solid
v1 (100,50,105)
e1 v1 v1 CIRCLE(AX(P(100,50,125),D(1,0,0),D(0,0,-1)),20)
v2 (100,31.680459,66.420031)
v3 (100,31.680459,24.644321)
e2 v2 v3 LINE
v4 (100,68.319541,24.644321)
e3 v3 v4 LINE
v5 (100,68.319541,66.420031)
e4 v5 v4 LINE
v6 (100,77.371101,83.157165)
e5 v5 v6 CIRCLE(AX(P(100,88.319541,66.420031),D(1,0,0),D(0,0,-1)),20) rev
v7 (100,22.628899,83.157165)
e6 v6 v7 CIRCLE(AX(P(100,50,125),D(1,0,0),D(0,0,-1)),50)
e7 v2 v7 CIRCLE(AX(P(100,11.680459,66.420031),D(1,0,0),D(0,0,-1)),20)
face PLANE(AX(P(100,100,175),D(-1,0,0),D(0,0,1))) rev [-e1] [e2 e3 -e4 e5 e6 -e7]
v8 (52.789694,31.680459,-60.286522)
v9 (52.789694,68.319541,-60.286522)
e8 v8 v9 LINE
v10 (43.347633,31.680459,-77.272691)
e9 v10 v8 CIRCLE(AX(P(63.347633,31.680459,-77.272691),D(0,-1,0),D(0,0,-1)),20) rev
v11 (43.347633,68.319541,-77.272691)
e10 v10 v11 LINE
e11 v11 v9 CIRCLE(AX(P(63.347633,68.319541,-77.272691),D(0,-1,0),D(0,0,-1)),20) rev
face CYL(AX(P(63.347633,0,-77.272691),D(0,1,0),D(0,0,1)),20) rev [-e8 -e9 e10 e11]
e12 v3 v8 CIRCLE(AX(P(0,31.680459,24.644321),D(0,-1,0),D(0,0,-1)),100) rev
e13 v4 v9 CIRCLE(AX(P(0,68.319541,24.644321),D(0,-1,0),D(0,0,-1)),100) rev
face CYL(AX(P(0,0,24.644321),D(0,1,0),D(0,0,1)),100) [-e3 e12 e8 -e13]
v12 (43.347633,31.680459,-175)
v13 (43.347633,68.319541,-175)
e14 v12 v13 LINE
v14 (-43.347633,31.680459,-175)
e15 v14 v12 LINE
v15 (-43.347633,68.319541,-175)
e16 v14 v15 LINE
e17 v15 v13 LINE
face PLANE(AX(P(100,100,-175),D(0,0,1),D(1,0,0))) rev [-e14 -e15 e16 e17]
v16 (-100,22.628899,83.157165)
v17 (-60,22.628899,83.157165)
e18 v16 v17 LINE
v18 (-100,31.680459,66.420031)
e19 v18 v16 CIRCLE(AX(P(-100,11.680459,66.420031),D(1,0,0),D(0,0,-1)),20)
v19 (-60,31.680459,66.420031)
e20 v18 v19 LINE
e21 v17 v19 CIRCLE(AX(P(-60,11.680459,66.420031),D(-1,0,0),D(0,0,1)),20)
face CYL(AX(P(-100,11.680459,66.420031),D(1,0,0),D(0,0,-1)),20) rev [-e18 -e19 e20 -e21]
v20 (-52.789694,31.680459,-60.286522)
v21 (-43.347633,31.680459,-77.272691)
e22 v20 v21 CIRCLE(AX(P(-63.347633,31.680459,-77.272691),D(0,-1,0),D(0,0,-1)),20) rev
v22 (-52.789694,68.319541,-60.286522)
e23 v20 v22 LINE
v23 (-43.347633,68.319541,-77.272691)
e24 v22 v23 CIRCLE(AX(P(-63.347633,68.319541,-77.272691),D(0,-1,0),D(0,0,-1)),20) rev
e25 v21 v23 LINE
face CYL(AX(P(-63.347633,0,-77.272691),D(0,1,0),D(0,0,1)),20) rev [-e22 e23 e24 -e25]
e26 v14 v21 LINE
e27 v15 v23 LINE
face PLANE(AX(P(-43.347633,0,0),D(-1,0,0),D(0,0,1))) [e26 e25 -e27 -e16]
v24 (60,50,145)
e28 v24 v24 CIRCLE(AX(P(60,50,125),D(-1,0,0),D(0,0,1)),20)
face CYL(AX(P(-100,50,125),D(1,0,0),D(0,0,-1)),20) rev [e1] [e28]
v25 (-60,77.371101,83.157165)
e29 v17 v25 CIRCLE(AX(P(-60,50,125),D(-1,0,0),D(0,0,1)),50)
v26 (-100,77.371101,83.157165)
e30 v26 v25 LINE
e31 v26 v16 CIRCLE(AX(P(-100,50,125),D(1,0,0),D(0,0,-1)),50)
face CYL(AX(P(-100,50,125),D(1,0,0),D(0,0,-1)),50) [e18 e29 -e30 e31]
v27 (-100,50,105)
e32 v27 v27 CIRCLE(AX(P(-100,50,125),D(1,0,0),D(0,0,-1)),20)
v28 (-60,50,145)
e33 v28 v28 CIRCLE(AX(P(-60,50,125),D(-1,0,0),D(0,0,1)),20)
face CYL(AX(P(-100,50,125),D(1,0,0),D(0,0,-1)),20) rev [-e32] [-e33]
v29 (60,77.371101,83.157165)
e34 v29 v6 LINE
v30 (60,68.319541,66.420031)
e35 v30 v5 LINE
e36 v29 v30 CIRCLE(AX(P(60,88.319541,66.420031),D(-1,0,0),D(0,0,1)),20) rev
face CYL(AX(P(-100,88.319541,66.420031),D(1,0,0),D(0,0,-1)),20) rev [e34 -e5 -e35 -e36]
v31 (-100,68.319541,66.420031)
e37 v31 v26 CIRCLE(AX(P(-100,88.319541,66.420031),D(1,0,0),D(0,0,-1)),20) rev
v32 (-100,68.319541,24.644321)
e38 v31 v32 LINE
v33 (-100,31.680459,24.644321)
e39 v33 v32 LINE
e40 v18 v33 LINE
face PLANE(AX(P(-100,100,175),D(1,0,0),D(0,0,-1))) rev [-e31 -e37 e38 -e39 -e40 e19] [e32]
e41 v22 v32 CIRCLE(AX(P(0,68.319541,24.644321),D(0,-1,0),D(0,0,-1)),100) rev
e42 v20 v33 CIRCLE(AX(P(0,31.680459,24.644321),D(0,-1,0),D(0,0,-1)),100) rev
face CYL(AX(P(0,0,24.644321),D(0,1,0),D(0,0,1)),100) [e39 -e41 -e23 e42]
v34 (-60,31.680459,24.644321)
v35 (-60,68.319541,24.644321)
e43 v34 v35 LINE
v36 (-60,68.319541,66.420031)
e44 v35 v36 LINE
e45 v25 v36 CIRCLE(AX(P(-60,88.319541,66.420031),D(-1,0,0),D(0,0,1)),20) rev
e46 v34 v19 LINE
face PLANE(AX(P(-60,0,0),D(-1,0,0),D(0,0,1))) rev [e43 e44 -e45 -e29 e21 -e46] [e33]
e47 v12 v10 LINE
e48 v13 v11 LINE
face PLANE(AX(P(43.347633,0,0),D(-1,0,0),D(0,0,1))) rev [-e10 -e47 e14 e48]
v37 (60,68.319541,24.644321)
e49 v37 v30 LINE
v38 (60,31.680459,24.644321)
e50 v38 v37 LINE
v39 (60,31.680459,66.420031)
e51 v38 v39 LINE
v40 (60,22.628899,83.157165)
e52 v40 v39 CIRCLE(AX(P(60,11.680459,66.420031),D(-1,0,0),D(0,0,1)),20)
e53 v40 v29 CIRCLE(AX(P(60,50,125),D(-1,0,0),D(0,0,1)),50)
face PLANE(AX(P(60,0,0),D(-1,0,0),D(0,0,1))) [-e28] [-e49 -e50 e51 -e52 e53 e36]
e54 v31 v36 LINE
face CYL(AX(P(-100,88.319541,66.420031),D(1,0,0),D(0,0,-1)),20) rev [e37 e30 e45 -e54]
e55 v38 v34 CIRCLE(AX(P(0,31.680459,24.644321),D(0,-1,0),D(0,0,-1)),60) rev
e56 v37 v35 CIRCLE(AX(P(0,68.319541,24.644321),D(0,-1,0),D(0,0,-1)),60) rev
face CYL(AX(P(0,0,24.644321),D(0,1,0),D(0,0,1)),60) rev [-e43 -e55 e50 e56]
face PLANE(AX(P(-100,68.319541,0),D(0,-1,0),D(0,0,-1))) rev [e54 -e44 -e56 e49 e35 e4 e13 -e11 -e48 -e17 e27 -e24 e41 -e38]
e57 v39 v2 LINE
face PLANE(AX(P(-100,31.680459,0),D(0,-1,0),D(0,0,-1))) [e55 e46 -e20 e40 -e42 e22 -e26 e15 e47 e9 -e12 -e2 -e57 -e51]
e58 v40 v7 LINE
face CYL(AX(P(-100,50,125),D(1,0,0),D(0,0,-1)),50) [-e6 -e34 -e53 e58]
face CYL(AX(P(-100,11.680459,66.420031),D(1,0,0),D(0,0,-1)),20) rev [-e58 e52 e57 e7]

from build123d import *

# Parameters (mm, degrees)
SKETCH2_W           = 200
SKETCH2_H           = 350
BOSS_EXTRUDE1_DEPTH = 100
CUT_EXTRUDE3_DEPTH  = 226
SKETCH5_W           = 97.727308895
SKETCH5_H           = 31.680459025
CUT_EXTRUDE4_DEPTH  = 284.94541729


with BuildPart() as part:
    # Sketch2 → Boss-Extrude1 (new body)
    with BuildSketch(Plane(origin=(0, 0, 0), x_dir=(1, 0, 0), z_dir=(0, 1, 0))):
        Rectangle(SKETCH2_W, SKETCH2_H)
    extrude(amount=BOSS_EXTRUDE1_DEPTH)

    # Sketch4 → Cut-Extrude3 (cut, through all)
    with BuildSketch(Plane(origin=(0, 100, 0), x_dir=(1, 0, 0), z_dir=(0, 1, 0))):
        with BuildLine():
            Line((100, 175), (43.347633031, 175))
            Line((43.347633031, 175), (43.347633031, 77.272691105))
            ThreePointArc((43.347633031, 77.272691105), (45.866803863, 67.555664213), (52.789694192, 60.286522394))
            ThreePointArc((52.789694192, 60.286522394), (87.404145859, 23.940813259), (100, -24.644321249))
            Line((100, -24.644321249), (100, 175))
        make_face()
        with BuildLine():
            Line((-43.347633031, 77.272691105), (-43.347633031, 175))
            Line((-43.347633031, 175), (-100, 175))
            Line((-100, 175), (-100, -24.644321206))
            ThreePointArc((-100, -24.644321206), (-87.404145849, 23.940813278), (-52.789694192, 60.286522394))
            ThreePointArc((-52.789694192, 60.286522394), (-45.866803863, 67.555664213), (-43.347633031, 77.272691105))
        make_face()
        with BuildLine():
            Line((60, -175), (60, -24.644321162))
            ThreePointArc((60, -24.644321162), (0, 35.355678838), (-60, -24.644321162))
            Line((-60, -24.644321162), (-60, -175))
            Line((-60, -175), (60, -175))
        make_face()
    extrude(amount=-CUT_EXTRUDE3_DEPTH, mode=Mode.SUBTRACT)

    # Sketch5 → Cut-Extrude4 (cut, through all)
    with BuildSketch(Plane(origin=(100, 0, 0), x_dir=(0, 0, -1), z_dir=(1, 0, 0))):
        with BuildLine():
            Line((-175, 100), (-175, 50))
            ThreePointArc((-175, 50), (-160.355339059, 85.355339059), (-125, 100))
            Line((-125, 100), (-175, 100))
        make_face()
        with BuildLine():
            ThreePointArc((-105, 50), (-125, 70), (-145, 50))
            Line((-145, 50), (-105, 50))
        make_face()
        with BuildLine():
            Line((-105, 50), (-145, 50))
            ThreePointArc((-145, 50), (-125, 30), (-105, 50))
        make_face()
        with BuildLine():
            ThreePointArc((-125, 0), (-160.355339059, 14.644660941), (-175, 50))
            Line((-175, 50), (-175, 0))
            Line((-175, 0), (-125, 0))
        make_face()
        with BuildLine():
            ThreePointArc((-83.15716493, 22.628899304), (-101.215078672, 6.019578022), (-125, 0))
            Line((-125, 0), (-24.644321162, 0))
            Line((-24.644321162, 0), (-24.644321162, 31.680459025))
            Line((-24.644321162, 31.680459025), (-66.420030902, 31.680459025))
            ThreePointArc((-66.420030902, 31.680459025), (-75.933999434, 29.272627817), (-83.15716493, 22.628899304))
        make_face()
        with BuildLine():
            Line((-124.644321162, 100), (-125, 100))
            ThreePointArc((-125, 100), (-101.215078672, 93.980421978), (-83.15716493, 77.371100696))
            ThreePointArc((-83.15716493, 77.371100696), (-75.933999434, 70.727372183), (-66.420030902, 68.319540975))
            Line((-66.420030902, 68.319540975), (-24.644321162, 68.319540975))
            Line((-24.644321162, 68.319540975), (-24.644321162, 100))
            Line((-24.644321162, 100), (-124.644321162, 100))
        make_face()
        Polygon((60.286522394, 100), (-24.644321162, 100), (-24.644321162, 68.319540975), (77.272691105, 68.319540975), (77.272691105, 100), align=None)
        Polygon((-24.644321162, 31.680459025), (-24.644321162, 0), (60.286522394, 0), (77.272691105, 0), (77.272691105, 31.680459025), align=None)
        with Locations((126.136345553, 15.840229513)):
            Rectangle(SKETCH5_W, SKETCH5_H)
        with Locations((126.136345553, 84.159770487)):
            Rectangle(SKETCH5_W, SKETCH5_H)
    extrude(amount=-CUT_EXTRUDE4_DEPTH, mode=Mode.SUBTRACT)


solid = part.part
